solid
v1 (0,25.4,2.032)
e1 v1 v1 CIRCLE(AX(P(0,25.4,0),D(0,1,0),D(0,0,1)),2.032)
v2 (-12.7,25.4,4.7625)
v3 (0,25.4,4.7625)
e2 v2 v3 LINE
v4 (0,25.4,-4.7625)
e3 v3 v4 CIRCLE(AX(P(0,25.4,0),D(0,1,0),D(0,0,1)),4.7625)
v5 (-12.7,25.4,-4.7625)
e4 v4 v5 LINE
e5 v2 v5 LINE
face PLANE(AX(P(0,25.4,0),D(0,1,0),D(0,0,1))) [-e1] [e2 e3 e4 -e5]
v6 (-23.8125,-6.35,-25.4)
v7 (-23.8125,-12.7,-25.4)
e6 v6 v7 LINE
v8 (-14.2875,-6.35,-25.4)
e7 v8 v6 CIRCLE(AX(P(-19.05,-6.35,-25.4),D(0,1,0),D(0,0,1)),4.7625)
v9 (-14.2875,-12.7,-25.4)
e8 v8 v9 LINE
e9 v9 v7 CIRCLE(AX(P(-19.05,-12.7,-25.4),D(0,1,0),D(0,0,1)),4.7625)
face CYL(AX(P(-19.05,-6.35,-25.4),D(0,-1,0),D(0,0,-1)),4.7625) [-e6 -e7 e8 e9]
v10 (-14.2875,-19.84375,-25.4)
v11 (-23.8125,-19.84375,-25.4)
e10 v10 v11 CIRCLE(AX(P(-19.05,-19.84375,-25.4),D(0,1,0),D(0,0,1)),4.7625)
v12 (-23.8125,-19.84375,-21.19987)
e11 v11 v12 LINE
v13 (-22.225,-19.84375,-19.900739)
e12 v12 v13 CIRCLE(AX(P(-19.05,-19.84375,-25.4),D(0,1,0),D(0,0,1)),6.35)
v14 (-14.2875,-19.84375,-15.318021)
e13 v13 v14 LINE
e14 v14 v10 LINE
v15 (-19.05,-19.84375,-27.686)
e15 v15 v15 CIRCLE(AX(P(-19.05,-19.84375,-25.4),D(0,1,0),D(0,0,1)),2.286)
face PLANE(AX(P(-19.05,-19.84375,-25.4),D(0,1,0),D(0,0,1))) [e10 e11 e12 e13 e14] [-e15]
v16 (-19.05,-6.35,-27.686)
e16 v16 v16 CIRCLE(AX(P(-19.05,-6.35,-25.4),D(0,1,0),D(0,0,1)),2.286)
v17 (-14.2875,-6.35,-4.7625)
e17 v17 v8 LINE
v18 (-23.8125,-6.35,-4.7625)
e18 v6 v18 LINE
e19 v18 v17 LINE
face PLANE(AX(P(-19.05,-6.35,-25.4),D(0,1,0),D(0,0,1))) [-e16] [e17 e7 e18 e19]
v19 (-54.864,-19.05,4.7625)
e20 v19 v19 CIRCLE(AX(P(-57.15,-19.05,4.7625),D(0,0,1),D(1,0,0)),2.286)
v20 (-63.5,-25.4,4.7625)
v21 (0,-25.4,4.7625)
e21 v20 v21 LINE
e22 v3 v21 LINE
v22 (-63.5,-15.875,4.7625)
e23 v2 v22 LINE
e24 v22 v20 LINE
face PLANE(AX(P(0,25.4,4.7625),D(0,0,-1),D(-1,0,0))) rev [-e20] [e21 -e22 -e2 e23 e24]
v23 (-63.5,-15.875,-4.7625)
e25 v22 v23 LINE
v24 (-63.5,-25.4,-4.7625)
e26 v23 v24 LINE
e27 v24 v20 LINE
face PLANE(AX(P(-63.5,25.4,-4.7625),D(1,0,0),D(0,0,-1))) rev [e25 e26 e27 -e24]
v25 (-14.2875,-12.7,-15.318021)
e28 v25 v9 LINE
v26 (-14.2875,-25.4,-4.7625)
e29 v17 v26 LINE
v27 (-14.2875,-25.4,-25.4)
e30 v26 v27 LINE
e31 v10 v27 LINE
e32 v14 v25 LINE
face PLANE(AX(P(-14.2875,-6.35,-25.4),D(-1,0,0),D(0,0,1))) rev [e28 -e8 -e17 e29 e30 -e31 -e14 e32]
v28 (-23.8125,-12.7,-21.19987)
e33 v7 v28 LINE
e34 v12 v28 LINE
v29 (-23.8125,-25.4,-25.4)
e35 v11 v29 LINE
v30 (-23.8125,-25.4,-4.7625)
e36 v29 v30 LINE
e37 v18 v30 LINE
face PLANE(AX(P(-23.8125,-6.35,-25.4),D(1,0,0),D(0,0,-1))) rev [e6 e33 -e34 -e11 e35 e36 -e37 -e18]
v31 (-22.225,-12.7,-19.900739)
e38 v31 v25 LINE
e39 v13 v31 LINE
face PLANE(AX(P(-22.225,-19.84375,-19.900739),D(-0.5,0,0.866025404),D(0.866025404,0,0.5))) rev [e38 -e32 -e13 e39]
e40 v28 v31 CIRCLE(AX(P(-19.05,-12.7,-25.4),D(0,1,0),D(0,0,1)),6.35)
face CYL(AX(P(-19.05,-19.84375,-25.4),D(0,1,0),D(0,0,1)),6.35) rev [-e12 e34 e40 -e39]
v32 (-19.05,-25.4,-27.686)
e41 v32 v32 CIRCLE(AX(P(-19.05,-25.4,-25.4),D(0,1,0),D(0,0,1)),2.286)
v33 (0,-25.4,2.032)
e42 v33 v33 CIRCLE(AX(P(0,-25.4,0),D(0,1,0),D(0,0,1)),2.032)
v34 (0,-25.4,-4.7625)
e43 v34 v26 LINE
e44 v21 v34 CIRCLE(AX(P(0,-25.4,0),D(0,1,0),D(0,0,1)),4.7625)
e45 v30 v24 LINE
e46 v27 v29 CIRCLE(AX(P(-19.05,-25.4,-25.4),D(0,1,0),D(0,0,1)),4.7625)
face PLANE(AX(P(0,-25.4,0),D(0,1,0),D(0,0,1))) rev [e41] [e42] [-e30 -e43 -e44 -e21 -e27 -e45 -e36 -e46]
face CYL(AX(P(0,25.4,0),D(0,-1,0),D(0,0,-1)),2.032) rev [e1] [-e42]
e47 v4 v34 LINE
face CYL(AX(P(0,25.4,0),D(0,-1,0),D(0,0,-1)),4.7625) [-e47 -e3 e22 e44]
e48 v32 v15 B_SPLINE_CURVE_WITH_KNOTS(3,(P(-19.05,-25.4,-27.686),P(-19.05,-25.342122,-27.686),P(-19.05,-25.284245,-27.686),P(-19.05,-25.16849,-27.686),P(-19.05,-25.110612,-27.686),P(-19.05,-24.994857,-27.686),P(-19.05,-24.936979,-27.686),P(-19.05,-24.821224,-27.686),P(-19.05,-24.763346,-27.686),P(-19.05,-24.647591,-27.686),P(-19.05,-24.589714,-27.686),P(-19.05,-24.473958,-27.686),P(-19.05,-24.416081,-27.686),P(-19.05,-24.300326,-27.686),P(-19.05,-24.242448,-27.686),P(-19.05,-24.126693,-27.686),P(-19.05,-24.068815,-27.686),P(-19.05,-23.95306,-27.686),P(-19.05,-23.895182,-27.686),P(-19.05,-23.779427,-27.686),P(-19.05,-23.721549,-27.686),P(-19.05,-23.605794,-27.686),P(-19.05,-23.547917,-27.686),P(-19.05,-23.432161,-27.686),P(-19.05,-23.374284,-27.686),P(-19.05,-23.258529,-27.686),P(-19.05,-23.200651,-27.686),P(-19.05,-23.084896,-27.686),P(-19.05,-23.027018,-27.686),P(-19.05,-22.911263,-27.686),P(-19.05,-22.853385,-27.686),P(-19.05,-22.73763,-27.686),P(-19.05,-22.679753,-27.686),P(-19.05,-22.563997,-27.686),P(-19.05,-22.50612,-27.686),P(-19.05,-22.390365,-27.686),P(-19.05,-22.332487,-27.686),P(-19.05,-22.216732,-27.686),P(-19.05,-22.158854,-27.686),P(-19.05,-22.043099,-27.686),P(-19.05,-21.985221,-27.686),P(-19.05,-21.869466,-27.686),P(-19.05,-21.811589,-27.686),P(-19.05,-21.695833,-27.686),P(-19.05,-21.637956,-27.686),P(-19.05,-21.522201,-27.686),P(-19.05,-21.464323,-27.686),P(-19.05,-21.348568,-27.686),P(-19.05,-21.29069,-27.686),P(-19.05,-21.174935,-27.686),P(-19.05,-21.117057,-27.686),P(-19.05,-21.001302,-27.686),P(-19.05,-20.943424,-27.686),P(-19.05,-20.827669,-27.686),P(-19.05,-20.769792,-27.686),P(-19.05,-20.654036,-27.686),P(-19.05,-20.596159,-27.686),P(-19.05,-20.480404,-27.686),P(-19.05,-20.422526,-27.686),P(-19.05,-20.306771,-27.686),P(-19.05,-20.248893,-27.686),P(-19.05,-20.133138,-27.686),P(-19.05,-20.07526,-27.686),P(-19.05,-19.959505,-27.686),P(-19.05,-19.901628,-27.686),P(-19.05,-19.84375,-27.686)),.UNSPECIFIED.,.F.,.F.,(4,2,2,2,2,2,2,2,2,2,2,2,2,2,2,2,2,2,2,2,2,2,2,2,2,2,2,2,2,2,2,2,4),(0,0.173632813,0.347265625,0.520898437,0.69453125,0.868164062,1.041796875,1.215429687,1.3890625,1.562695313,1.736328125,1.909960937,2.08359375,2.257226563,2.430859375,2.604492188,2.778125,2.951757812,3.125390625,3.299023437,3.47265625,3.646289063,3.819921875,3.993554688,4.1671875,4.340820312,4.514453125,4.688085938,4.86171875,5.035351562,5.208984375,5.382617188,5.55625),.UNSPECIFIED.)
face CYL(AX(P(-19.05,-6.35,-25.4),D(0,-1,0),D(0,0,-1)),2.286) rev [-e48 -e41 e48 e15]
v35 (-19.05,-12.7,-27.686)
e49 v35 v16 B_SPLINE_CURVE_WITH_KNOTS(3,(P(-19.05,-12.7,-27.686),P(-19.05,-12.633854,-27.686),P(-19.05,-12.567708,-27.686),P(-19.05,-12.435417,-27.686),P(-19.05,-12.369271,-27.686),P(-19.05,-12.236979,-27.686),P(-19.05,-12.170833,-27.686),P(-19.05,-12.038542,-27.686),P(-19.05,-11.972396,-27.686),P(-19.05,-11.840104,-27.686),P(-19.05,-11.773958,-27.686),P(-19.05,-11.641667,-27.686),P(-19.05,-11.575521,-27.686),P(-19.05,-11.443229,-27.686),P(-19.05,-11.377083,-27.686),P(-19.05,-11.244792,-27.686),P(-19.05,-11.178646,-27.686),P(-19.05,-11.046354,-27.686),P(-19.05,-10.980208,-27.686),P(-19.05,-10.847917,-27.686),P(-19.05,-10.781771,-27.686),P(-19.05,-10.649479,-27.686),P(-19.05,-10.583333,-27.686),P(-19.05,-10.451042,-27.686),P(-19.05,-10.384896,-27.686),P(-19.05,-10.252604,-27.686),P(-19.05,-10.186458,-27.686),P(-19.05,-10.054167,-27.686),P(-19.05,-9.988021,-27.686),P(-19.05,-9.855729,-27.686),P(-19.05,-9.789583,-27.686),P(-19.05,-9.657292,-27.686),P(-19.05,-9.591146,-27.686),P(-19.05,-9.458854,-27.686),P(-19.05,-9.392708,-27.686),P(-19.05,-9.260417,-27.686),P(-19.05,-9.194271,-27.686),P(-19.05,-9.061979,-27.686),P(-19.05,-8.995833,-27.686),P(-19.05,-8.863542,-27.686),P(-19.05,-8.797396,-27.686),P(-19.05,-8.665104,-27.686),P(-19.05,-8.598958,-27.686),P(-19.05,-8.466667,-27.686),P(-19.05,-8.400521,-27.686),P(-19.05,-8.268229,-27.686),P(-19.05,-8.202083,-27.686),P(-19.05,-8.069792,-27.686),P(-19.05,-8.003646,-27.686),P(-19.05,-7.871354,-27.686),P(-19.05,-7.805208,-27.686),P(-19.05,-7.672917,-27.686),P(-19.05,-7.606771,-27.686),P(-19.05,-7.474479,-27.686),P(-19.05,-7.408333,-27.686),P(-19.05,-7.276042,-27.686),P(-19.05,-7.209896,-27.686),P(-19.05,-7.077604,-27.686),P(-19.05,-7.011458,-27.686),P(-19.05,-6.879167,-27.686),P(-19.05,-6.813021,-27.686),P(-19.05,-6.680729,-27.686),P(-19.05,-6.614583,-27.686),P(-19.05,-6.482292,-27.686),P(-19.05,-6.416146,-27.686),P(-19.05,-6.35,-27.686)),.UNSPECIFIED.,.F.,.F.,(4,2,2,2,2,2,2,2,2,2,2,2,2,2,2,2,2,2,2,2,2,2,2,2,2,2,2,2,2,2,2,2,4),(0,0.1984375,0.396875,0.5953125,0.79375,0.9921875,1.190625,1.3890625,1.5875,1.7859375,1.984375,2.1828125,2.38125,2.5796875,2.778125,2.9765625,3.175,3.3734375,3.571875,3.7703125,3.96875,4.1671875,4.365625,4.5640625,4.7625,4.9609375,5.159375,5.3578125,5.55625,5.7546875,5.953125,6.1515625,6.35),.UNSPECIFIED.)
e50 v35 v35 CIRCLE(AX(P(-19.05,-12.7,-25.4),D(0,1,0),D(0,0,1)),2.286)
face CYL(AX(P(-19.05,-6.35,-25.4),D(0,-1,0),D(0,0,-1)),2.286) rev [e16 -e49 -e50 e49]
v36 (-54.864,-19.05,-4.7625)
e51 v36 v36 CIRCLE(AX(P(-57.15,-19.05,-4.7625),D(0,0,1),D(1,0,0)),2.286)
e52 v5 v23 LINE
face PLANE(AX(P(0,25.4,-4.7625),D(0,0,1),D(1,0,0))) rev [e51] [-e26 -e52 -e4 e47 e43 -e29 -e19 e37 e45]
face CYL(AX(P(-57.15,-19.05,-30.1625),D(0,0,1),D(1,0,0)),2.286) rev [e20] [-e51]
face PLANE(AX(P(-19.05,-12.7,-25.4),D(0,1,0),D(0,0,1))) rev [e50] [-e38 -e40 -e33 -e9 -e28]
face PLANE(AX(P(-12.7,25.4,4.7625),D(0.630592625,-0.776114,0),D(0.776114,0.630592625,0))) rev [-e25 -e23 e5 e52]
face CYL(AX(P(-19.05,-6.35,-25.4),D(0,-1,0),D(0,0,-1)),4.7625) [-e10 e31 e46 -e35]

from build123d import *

# Parameters (mm, degrees)
SKETCH1_R           = 2.032
BOSS_EXTRUDE1_DEPTH = 25.4
SKETCH5_R           = 2.286
BOSS_EXTRUDE2_DEPTH = 19.05
SKETCH2_R           = 2.286
CUT_EXTRUDE1_DEPTH  = 77.793005053
CUT_EXTRUDE2_START  = 5.55625
CUT_EXTRUDE2_DEPTH  = 7.14375
CUT_EXTRUDE3_DEPTH  = 73.955945611


with BuildPart() as part:
    # Sketch1 → Boss-Extrude1 (new, symmetric)
    with BuildSketch(Plane(origin=(0, 0, 0), x_dir=(1, 0, 0), z_dir=(0, 1, 0))):
        with BuildLine():
            Line((0, 4.7625), (-63.5, 4.7625))
            Line((-63.5, 4.7625), (-63.5, -4.7625))
            Line((-63.5, -4.7625), (0, -4.7625))
            ThreePointArc((0, -4.7625), (4.7625, 0), (0, 4.7625))
        make_face()
        with Locations(Location((0, 0, 0), (0, 0, 270))):
            Circle(SKETCH1_R, mode=Mode.SUBTRACT)
    extrude(amount=BOSS_EXTRUDE1_DEPTH, both=True)

    # Sketch5 → Boss-Extrude2 (add)
    with BuildSketch(Plane(origin=(0, -25.4, 0), x_dir=(1, 0, 0), z_dir=(0, 1, 0))):
        with BuildLine():
            Line((-23.8125, 25.4), (-23.8125, 4.7625))
            Line((-23.8125, 4.7625), (-14.2875, 4.7625))
            Line((-14.2875, 4.7625), (-14.2875, 25.4))
            ThreePointArc((-14.2875, 25.4), (-19.05, 30.1625), (-23.8125, 25.4))
        make_face()
        with Locations(Location((-19.05, 25.4, 0), (0, 0, 90))):
            Circle(SKETCH5_R, mode=Mode.SUBTRACT)
    extrude(amount=BOSS_EXTRUDE2_DEPTH)

    # Sketch2 → Cut-Extrude1 (cut, through all)
    with BuildSketch(Plane.XY.offset(4.7625)):
        with Locations((-57.15, -19.05)):
            Circle(SKETCH2_R)
    extrude(amount=-CUT_EXTRUDE1_DEPTH, mode=Mode.SUBTRACT)

    # Sketch3 → Cut-Extrude2 (cut)
    with BuildSketch(Plane(origin=(0, -25.4, 0), x_dir=(1, 0, 0), z_dir=(0, 1, 0)).offset(CUT_EXTRUDE2_START)):
        with BuildLine():
            Line((-22.225, 19.900738686), (-14.2875, 15.318020924))
            Line((-14.2875, 15.318020924), (-14.2875, 25.4))
            ThreePointArc((-14.2875, 25.4), (-19.05, 30.1625), (-23.8125, 25.4))
            Line((-23.8125, 25.4), (-23.8125, 21.199869794))
            ThreePointArc((-23.8125, 21.199869794), (-23.071555914, 20.485776966), (-22.225, 19.900738686))
        make_face()
    extrude(amount=CUT_EXTRUDE2_DEPTH, mode=Mode.SUBTRACT)

    # Sketch4 → Cut-Extrude3 (cut, through all)
    with BuildSketch(Plane(origin=(0, 0, -4.7625), x_dir=(-1, 0, 0), z_dir=(0, 0, -1))):
        Polygon((12.7, 25.4), (63.5, -15.875), (63.5, 25.4), align=None)
    extrude(amount=-CUT_EXTRUDE3_DEPTH, mode=Mode.SUBTRACT)


solid = part.part
